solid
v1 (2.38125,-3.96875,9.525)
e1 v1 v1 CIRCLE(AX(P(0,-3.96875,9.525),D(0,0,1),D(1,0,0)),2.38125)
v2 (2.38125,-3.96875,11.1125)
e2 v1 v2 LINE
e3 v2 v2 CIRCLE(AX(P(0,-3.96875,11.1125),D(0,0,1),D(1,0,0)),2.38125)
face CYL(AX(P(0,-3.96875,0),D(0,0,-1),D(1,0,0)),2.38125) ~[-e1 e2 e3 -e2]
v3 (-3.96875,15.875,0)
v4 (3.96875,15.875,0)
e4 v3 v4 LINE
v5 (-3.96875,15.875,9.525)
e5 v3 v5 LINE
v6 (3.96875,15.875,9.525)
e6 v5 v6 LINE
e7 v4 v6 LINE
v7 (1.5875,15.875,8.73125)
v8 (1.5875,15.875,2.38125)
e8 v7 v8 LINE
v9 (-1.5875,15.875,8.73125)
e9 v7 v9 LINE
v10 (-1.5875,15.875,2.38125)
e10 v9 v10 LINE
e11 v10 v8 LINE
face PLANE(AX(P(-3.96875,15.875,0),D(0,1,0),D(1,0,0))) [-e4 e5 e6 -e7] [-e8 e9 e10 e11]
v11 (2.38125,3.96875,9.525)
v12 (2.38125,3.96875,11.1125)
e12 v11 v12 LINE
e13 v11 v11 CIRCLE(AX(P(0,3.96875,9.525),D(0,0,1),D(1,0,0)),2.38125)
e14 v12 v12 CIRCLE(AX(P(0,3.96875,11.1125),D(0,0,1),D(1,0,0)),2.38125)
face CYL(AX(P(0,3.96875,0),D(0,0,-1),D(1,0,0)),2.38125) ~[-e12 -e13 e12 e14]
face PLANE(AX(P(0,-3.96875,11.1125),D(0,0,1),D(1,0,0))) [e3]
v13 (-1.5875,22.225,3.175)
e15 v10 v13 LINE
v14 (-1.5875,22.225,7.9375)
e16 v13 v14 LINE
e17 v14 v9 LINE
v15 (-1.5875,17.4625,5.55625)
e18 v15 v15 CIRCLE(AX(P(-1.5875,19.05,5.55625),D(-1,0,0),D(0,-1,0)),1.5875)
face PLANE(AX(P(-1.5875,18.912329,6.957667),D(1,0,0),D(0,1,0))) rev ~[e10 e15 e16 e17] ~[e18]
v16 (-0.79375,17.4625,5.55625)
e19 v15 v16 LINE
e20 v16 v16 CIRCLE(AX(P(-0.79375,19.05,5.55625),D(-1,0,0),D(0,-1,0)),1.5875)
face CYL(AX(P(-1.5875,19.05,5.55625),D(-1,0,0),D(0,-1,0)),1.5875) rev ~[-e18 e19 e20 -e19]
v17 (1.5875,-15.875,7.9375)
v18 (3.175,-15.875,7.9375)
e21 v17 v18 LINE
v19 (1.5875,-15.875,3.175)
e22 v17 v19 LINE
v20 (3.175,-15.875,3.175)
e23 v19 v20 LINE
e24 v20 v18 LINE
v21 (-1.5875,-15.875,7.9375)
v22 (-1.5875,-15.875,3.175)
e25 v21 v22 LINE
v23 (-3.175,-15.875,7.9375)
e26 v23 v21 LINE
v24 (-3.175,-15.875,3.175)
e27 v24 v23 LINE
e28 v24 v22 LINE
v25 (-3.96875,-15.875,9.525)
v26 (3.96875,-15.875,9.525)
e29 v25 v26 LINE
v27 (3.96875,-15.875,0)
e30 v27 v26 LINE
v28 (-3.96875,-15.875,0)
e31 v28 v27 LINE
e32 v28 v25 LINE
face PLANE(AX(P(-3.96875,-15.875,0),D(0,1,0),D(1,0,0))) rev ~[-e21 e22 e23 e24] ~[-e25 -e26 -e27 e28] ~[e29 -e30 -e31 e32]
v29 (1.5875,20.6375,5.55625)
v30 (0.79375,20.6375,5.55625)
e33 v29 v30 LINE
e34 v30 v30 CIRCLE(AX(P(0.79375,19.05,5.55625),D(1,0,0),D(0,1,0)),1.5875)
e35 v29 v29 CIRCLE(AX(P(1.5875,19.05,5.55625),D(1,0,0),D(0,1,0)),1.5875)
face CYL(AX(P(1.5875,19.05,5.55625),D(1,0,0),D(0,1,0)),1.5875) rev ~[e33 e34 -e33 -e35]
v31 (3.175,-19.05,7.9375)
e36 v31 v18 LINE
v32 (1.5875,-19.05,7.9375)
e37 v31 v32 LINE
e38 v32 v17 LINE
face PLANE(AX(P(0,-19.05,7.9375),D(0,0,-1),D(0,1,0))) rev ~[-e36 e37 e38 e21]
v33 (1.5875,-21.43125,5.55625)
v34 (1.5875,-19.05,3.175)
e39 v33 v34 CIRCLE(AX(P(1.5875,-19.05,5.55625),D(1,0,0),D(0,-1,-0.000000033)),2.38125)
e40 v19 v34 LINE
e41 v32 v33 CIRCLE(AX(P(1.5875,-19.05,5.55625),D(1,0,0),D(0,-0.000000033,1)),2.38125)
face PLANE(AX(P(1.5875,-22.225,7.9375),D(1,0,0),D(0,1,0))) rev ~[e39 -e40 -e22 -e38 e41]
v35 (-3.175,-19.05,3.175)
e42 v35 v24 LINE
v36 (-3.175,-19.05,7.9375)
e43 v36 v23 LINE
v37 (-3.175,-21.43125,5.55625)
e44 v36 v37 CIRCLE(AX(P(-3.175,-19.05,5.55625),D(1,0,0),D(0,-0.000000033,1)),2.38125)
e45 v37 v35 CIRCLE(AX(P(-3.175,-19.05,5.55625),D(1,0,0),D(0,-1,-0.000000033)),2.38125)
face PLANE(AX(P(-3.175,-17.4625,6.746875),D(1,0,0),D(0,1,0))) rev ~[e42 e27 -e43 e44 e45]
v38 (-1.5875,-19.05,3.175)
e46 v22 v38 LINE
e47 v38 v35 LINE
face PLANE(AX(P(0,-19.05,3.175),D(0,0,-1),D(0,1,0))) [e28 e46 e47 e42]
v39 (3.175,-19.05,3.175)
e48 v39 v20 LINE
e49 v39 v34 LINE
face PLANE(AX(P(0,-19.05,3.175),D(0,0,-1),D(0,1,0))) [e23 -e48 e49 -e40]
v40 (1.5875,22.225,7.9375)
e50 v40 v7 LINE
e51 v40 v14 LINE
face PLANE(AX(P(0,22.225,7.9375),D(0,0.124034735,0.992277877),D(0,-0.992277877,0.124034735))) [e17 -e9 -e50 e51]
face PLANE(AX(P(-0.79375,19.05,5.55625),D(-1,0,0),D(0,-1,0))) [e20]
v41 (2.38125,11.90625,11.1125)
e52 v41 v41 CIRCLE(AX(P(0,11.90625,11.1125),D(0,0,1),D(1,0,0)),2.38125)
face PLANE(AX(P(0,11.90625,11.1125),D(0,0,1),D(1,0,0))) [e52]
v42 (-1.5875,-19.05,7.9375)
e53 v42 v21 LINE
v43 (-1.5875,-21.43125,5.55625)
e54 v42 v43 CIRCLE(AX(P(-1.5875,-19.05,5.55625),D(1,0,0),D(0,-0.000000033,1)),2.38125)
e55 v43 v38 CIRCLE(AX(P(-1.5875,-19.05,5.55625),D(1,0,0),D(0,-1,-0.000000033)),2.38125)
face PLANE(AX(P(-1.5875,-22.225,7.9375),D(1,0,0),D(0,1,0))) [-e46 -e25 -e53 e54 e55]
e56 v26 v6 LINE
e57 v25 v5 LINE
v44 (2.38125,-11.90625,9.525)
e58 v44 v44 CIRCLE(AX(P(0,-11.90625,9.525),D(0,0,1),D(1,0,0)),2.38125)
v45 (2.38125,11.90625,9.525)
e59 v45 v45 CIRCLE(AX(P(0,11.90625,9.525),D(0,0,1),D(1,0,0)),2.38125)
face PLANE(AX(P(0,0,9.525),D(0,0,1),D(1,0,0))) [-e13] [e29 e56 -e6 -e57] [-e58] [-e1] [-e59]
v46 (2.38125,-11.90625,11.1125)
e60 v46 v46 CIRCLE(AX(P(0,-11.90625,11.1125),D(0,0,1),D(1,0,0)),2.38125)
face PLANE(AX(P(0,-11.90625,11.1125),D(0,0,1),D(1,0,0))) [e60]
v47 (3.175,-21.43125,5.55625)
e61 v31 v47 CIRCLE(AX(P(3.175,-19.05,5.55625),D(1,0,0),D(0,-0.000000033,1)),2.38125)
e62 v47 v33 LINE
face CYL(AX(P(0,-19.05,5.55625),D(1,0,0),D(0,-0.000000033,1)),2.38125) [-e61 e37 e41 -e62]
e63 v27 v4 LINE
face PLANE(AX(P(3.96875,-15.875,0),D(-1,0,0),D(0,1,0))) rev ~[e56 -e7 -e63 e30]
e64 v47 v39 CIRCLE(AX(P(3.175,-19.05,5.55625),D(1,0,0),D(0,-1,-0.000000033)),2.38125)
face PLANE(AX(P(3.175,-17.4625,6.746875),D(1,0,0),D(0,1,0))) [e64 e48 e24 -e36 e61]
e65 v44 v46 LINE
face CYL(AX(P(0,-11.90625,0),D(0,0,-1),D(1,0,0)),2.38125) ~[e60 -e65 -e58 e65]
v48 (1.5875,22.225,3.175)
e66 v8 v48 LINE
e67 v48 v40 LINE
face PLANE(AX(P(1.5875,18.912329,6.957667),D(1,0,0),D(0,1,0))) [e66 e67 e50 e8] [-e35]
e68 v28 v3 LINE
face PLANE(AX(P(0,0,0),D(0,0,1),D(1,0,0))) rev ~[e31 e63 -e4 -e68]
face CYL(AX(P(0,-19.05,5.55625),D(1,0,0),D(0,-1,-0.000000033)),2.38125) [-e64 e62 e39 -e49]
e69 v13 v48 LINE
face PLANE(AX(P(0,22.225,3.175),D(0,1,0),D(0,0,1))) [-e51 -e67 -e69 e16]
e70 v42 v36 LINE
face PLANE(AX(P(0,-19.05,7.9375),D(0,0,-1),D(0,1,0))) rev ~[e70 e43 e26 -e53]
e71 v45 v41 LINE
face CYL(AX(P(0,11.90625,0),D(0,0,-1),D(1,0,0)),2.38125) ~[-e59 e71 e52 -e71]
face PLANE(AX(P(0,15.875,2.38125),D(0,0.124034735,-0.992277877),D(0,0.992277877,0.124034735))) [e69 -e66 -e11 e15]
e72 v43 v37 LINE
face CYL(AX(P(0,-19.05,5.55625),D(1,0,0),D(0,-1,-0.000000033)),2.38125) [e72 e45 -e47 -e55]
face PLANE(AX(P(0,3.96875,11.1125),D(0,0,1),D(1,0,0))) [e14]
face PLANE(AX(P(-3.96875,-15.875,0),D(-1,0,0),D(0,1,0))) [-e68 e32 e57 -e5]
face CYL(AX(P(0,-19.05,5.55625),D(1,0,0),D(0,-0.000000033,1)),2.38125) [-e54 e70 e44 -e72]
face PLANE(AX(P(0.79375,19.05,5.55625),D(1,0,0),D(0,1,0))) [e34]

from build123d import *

# Parameters (mm, degrees)
F0_W      = 7.9375
F0_H      = 31.75
F0_R      = 2.38125
F1_DEPTH  = 9.525
F2_DEPTH  = 11.1125
F3_W      = 3.175
F3_H      = 2.38125
F4_DEPTH  = 3.175
F5_W      = 1.5875
F5_H      = 6.35
F6_DEPTH  = 6.35
F7_DEPTH  = 1.5875
F8_R      = 1.5875
F9_DEPTH  = 0.79375
F10_R     = 1.5875
F11_DEPTH = 0.79375


with BuildPart() as f1:
    # F0 (on Top) → F1 (new body)
    with BuildSketch(Plane.XY):
        Rectangle(F0_W, F0_H)
        with Locations((0, -11.90625)):
            Circle(F0_R, mode=Mode.SUBTRACT)
        with Locations((0, -3.96875)):
            Circle(F0_R, mode=Mode.SUBTRACT)
        with Locations((0, 3.96875)):
            Circle(F0_R, mode=Mode.SUBTRACT)
        with Locations((0, 11.90625)):
            Circle(F0_R, mode=Mode.SUBTRACT)
    extrude(amount=F1_DEPTH)

    # F0 (on Top) → F2 (join)
    with BuildSketch(Plane.XY):
        with Locations((0, 11.90625)):
            Circle(F0_R)
        with Locations((0, -11.90625)):
            Circle(F0_R)
        with Locations((0, 3.96875)):
            Circle(F0_R)
        with Locations((0, -3.96875)):
            Circle(F0_R)
    extrude(amount=F2_DEPTH)

    # F3 (on Right) → F4 (join, symmetric)
    with BuildSketch(Plane.YZ):
        with Locations((-17.4625, 6.746875)):
            Rectangle(F3_W, F3_H)
        with Locations((-17.4625, 4.365625)):
            Rectangle(F3_W, F3_H)
        with BuildLine():
            Line((-21.43125, 5.55625), (-19.05, 5.55625))
            Line((-19.05, 5.55625), (-19.05, 7.9375))
            ThreePointArc((-19.05, 7.9375), (-20.733798, 7.240048), (-21.43125, 5.55625))
        make_face()
        with BuildLine():
            Line((-19.05, 3.175), (-19.05, 5.55625))
            Line((-19.05, 5.55625), (-21.43125, 5.55625))
            ThreePointArc((-21.43125, 5.55625), (-20.733798, 3.872452), (-19.05, 3.175))
        make_face()
    extrude(amount=F4_DEPTH, both=True)

    # F5 (on face) → F6 (cut)
    with BuildSketch(Plane.XY.offset(7.9375)):
        with Locations((0.79375, -19.05)):
            Rectangle(F5_W, F5_H)
        with Locations((-0.79375, -19.05)):
            Rectangle(F5_W, F5_H)
    extrude(amount=-F6_DEPTH, mode=Mode.SUBTRACT)

    # F3 (on Right) → F7 (join, symmetric)
    with BuildSketch(Plane.YZ):
        Polygon((15.875, 8.73125), (15.875, 5.55625), (22.225, 5.55625), (22.225, 7.9375), align=None)
        Polygon((22.225, 5.55625), (15.875, 5.55625), (15.875, 2.38125), (22.225, 3.175), align=None)
    extrude(amount=F7_DEPTH, both=True)

    # F8 (on face) → F9 (cut)
    with BuildSketch(Plane.YZ.offset(1.5875)):
        with Locations((19.05, 5.55625)):
            Circle(F8_R)
    extrude(amount=-F9_DEPTH, mode=Mode.SUBTRACT)

    # F10 (on face) → F11 (cut)
    with BuildSketch(Plane(origin=(-1.5875, 0, 0), x_dir=(0, -1, 0), z_dir=(-1, 0, 0))):
        with Locations((-19.05, 5.55625)):
            Circle(F10_R)
    extrude(amount=-F11_DEPTH, mode=Mode.SUBTRACT)


solid = f1.part
